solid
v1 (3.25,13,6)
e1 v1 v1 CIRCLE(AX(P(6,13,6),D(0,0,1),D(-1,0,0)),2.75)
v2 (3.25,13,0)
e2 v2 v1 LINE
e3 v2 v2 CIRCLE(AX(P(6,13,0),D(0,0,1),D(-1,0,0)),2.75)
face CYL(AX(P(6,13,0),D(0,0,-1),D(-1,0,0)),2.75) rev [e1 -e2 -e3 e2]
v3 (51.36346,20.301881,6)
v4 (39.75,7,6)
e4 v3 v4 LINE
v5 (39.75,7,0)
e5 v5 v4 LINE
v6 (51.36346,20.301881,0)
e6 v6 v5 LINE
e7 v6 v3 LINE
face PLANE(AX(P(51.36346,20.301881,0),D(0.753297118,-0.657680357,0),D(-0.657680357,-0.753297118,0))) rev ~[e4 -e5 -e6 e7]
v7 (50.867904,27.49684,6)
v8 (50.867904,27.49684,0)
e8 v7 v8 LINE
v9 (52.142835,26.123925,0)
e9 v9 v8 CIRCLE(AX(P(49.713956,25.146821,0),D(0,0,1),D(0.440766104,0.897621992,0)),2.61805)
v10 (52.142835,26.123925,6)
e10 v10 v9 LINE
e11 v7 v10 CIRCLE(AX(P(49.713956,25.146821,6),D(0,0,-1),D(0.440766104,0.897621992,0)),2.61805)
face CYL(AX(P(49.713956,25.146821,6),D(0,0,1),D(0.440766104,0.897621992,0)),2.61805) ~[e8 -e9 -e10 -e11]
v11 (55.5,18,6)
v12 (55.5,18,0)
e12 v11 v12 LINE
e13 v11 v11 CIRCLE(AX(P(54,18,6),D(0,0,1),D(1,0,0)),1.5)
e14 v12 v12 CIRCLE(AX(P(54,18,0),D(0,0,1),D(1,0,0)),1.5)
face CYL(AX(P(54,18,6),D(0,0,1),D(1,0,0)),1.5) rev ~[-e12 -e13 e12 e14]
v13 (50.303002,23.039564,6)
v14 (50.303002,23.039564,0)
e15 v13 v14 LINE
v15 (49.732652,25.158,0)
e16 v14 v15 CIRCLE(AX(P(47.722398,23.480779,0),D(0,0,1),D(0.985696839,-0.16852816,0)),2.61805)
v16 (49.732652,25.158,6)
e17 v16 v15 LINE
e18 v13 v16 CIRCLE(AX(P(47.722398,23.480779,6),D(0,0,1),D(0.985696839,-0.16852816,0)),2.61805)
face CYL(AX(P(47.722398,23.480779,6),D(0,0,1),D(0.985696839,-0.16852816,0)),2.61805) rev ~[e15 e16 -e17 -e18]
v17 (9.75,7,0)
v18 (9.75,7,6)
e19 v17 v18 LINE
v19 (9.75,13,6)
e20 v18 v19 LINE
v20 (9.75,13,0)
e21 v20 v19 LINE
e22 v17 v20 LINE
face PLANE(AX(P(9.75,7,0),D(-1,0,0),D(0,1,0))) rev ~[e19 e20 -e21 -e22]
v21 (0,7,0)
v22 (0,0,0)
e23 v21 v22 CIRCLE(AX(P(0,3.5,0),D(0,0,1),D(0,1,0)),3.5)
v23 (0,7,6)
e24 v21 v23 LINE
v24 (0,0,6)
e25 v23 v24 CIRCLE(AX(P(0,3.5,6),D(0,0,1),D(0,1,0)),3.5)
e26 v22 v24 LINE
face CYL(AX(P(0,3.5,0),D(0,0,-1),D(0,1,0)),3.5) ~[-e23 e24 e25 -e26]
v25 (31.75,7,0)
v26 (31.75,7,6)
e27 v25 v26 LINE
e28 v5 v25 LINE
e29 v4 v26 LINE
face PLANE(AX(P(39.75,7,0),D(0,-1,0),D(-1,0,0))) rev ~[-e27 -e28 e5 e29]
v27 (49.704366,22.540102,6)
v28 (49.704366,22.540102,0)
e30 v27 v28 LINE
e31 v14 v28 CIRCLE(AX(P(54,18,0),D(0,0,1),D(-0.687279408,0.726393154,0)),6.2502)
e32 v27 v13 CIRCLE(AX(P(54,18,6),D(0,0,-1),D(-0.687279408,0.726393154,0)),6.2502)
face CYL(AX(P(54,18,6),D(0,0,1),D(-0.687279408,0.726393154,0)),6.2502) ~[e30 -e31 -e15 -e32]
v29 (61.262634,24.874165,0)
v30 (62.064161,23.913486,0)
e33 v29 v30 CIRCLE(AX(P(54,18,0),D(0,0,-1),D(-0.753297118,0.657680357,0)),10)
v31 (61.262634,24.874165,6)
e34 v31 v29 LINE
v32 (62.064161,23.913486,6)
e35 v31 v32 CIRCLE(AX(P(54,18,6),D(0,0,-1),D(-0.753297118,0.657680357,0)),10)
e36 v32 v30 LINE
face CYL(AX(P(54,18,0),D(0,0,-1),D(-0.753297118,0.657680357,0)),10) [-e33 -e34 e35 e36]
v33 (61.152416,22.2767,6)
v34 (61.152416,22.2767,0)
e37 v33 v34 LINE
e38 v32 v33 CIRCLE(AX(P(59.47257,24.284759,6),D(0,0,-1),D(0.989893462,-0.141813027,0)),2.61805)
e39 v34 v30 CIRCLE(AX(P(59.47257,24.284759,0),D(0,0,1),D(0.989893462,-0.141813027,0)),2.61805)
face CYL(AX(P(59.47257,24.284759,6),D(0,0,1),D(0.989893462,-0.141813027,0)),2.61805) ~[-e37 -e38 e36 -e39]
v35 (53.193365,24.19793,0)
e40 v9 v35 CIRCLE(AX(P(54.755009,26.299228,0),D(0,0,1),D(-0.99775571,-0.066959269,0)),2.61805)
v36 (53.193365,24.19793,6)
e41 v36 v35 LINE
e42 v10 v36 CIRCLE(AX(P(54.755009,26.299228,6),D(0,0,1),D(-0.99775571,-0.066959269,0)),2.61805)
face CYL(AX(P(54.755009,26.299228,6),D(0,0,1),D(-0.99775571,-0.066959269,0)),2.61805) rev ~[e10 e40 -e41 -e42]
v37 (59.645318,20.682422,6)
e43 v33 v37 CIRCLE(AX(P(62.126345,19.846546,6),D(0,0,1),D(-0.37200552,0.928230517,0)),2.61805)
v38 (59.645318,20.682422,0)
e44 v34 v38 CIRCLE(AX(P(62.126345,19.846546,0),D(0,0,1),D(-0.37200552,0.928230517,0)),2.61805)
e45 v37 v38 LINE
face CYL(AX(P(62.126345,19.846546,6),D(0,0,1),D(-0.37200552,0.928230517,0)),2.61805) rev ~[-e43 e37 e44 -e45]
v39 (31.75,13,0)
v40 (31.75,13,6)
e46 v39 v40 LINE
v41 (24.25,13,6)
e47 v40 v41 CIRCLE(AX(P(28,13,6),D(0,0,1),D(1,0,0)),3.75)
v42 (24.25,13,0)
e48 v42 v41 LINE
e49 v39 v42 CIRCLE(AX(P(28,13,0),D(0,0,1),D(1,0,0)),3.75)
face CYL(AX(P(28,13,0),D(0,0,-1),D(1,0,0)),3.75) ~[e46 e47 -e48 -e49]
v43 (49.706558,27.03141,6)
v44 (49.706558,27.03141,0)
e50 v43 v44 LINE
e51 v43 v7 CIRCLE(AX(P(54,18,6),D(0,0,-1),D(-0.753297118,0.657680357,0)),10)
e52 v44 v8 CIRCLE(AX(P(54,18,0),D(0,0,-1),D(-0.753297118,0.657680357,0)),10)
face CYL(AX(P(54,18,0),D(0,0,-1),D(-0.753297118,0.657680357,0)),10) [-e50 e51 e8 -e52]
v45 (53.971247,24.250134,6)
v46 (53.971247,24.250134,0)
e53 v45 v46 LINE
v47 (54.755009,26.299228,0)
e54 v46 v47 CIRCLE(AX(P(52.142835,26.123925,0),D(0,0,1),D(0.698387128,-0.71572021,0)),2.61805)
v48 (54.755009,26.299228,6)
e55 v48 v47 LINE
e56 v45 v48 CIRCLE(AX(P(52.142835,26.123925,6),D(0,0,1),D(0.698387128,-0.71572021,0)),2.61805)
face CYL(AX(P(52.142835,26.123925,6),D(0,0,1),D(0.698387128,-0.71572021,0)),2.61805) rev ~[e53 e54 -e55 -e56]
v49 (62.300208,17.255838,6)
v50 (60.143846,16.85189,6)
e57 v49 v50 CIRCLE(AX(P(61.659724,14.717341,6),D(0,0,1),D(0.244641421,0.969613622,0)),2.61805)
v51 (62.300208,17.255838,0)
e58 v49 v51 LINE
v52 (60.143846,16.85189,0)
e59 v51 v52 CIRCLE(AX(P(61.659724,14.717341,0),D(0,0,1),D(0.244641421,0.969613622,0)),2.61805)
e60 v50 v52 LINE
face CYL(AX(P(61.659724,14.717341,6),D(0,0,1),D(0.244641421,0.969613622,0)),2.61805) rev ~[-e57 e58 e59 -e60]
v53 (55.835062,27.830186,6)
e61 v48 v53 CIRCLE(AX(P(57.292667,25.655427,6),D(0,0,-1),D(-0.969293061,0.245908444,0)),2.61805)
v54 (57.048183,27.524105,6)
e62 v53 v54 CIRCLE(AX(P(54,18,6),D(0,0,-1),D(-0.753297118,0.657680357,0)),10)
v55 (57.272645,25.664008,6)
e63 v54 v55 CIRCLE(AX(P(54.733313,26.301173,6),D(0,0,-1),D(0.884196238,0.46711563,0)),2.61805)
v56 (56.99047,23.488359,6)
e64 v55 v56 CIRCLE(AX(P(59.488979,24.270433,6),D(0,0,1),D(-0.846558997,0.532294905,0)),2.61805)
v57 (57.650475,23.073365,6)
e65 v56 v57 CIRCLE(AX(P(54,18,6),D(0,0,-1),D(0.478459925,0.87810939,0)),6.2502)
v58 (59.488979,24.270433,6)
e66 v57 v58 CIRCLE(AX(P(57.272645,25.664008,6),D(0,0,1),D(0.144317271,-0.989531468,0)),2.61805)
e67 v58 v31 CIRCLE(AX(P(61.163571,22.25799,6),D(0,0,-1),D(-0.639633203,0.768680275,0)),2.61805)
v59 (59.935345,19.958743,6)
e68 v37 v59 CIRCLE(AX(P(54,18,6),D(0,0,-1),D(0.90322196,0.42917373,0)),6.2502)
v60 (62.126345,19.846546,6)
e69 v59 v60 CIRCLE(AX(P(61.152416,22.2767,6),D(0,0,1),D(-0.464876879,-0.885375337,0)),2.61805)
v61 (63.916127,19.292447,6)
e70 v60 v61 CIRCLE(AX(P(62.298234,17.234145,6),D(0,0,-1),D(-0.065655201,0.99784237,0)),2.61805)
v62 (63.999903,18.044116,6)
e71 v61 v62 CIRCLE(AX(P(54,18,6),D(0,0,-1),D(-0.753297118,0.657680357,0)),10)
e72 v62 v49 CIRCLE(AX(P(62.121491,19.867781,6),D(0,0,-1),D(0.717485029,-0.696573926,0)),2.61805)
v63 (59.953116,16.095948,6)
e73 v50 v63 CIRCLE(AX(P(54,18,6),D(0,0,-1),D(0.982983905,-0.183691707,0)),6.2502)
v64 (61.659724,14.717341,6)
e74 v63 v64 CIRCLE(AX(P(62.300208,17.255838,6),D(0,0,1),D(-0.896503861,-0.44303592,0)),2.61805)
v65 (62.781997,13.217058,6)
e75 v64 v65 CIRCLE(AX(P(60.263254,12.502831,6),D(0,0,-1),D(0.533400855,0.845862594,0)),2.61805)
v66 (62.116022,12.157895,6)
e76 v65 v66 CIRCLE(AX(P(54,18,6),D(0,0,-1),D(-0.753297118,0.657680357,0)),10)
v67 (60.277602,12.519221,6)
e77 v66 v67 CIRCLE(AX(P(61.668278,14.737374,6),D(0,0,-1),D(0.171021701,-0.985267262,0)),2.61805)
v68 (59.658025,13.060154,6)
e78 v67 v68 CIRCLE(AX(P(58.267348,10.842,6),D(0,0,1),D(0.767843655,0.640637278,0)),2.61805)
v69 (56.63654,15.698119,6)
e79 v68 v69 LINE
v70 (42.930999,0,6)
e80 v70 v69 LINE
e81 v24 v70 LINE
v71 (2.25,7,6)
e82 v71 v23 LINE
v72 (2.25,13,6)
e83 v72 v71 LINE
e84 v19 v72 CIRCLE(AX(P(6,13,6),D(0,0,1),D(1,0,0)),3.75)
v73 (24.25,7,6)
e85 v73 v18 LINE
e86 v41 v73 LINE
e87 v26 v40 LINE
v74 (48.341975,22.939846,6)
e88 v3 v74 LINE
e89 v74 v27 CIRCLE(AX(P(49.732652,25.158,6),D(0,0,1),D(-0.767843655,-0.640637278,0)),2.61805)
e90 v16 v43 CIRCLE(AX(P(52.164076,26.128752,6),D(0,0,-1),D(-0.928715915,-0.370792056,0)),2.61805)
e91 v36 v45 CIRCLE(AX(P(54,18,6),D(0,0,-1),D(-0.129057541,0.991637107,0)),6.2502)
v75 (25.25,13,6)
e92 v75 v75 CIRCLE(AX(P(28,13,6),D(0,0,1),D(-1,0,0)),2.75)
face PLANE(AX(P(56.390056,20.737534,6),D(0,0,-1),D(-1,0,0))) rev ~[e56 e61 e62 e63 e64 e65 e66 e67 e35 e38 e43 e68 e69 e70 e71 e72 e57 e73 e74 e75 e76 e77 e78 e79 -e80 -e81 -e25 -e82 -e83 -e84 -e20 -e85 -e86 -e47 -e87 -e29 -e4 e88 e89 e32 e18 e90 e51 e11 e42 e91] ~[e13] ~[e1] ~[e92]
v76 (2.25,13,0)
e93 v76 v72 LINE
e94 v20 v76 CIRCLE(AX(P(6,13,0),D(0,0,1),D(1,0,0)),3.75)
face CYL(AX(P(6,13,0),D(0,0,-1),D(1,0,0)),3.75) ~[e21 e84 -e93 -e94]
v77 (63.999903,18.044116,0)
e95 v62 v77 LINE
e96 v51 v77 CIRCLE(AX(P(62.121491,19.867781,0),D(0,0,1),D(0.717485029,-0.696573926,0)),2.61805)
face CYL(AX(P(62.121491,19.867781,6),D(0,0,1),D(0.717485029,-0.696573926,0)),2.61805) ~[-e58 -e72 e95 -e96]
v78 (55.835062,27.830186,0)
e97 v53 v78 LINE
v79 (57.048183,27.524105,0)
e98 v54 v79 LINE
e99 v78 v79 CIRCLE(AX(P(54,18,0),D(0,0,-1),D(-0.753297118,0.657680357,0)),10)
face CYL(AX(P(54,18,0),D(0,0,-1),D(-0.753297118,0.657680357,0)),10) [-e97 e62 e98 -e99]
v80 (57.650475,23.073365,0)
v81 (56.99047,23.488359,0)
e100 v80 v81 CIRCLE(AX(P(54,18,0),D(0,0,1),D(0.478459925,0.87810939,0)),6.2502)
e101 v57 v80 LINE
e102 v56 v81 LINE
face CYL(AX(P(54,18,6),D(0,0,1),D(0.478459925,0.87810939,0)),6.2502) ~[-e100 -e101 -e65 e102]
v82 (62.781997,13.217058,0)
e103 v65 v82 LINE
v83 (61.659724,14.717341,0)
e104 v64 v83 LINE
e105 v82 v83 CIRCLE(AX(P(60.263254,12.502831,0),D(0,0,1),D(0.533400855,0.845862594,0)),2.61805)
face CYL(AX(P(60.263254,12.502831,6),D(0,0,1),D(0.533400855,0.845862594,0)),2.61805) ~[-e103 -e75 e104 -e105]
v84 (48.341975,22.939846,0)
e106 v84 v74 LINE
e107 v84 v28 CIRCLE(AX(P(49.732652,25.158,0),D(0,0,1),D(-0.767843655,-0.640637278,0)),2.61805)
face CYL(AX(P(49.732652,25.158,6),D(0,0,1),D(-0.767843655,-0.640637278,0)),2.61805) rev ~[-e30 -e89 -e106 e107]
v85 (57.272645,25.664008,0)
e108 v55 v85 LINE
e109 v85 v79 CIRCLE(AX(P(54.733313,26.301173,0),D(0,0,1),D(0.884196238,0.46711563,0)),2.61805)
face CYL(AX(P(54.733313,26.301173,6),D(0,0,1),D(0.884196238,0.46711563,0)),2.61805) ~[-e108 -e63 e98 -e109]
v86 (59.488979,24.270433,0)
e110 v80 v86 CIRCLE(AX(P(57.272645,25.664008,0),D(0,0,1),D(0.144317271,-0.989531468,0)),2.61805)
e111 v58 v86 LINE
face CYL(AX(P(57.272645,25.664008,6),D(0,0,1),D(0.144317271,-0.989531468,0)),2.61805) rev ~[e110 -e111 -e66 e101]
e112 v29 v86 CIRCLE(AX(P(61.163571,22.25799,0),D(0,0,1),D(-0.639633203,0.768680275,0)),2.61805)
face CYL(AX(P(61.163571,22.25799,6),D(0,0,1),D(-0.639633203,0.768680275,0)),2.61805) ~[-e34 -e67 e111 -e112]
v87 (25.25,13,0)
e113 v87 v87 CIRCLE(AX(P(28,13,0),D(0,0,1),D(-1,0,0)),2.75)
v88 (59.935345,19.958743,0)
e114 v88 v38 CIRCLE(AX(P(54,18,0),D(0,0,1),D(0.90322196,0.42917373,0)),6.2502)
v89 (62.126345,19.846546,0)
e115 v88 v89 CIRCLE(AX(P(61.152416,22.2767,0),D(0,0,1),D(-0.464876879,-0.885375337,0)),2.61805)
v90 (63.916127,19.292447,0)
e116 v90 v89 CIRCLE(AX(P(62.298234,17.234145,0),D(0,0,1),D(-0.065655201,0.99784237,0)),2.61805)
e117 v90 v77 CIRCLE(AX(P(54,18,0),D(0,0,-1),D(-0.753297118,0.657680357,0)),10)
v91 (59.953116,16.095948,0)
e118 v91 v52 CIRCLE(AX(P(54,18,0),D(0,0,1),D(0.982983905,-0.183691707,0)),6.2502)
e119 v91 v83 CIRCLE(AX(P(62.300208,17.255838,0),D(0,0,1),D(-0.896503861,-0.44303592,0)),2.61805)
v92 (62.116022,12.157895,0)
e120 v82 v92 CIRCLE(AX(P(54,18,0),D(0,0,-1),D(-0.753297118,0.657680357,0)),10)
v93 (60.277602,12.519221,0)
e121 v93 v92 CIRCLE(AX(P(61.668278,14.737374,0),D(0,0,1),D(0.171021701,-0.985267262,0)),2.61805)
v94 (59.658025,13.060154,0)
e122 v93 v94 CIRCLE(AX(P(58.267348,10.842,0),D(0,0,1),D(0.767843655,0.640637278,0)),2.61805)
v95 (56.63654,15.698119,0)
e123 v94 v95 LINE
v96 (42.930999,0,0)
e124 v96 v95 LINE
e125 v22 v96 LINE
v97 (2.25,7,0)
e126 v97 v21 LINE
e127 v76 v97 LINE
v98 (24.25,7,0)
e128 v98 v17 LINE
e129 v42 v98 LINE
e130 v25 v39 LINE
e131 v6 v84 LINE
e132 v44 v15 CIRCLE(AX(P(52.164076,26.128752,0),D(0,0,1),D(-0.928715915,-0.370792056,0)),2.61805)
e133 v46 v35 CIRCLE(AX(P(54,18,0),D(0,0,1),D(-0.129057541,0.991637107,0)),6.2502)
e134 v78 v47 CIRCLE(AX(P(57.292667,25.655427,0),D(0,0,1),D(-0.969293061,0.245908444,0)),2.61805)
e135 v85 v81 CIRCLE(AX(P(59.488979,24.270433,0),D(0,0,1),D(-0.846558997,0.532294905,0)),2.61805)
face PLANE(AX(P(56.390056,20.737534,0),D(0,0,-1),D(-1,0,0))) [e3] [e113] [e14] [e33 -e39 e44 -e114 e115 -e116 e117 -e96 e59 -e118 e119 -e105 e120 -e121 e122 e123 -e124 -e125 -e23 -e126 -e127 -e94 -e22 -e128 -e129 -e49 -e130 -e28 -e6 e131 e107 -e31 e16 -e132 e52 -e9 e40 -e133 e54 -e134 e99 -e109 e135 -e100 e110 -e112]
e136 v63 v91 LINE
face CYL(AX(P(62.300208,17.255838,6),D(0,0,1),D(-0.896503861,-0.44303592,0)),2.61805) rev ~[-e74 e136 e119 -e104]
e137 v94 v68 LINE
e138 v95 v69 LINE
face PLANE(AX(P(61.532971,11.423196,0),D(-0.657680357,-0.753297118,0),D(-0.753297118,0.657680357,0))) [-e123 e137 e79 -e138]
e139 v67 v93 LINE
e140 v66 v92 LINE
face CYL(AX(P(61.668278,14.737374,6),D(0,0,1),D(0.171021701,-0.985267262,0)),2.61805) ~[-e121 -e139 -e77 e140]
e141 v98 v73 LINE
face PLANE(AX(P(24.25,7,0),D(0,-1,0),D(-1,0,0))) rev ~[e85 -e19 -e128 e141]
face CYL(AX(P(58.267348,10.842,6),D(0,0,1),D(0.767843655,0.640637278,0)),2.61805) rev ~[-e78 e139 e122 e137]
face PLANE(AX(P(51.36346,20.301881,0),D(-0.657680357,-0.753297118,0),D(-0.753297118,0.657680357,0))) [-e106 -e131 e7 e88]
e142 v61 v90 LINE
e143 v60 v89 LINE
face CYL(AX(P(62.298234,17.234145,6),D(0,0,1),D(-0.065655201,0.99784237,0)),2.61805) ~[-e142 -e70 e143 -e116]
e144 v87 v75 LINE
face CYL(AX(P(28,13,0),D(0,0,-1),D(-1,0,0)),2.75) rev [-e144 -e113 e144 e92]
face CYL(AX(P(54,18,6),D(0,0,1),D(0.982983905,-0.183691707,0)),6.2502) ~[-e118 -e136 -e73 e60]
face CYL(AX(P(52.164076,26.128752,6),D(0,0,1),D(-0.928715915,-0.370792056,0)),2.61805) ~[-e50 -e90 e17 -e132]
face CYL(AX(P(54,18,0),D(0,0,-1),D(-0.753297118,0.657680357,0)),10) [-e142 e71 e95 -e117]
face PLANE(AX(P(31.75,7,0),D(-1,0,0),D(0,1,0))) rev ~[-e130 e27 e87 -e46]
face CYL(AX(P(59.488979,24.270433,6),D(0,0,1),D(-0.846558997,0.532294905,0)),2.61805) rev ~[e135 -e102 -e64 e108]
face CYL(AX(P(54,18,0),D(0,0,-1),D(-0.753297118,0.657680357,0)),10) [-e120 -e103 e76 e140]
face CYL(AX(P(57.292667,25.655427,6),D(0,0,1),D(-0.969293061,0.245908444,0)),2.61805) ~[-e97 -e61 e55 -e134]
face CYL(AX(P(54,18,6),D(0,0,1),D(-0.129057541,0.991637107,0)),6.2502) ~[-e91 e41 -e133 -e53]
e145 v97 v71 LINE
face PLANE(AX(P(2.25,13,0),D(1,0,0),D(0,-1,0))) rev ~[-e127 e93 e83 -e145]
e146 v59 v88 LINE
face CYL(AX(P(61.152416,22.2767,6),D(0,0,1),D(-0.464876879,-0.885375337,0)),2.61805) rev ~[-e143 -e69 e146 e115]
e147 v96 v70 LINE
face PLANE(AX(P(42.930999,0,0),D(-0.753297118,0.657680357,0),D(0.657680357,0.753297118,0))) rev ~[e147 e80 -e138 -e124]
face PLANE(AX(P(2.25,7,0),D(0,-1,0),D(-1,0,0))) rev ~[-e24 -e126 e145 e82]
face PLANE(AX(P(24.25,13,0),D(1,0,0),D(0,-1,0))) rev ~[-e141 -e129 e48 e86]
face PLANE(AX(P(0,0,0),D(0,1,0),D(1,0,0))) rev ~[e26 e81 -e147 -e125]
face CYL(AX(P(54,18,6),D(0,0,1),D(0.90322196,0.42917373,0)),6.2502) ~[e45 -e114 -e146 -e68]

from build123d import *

# Parameters (mm, degrees)
CROQUIS2_R              = 2.75
SALIENTE_EXTRUIR1_DEPTH = 6
SALIENTE_EXTRUIR2_START = -6
SALIENTE_EXTRUIR2_DEPTH = 6
CORTAR_EXTRUIR1_DEPTH   = 71.114192572
CROQUIS5_R              = 1.5
CORTAR_EXTRUIR2_DEPTH   = 71.046461519


with BuildPart() as part:
    # Croquis2 → Saliente-Extruir1 (new body)
    with BuildSketch(Plane.XY):
        with BuildLine():
            Line((0, 0), (42.930999161, 0))
            Line((42.930999161, 0), (56.636539912, 15.69811875))
            ThreePointArc((56.636539912, 15.69811875), (56.30188125, 20.636539912), (51.363460088, 20.30188125))
            Line((51.363460088, 20.30188125), (39.75, 7))
            Line((39.75, 7), (31.75, 7))
            Line((31.75, 7), (31.75, 13))
            ThreePointArc((31.75, 13), (28, 16.75), (24.25, 13))
            Line((24.25, 13), (24.25, 7))
            Line((24.25, 7), (9.75, 7))
            Line((9.75, 7), (9.75, 13))
            ThreePointArc((9.75, 13), (6, 16.75), (2.25, 13))
            Line((2.25, 13), (2.25, 7))
            Line((2.25, 7), (0, 7))
            ThreePointArc((0, 7), (-3.5, 3.5), (0, 0))
        make_face()
        with Locations(Location((6, 13, 0), (0, 0, 180))):
            Circle(CROQUIS2_R, mode=Mode.SUBTRACT)
        with Locations(Location((28, 13, 0), (0, 0, 180))):
            Circle(CROQUIS2_R, mode=Mode.SUBTRACT)
    extrude(amount=SALIENTE_EXTRUIR1_DEPTH)

    # Croquis3 → Saliente-Extruir2 (add)
    with BuildSketch(Plane.XY.offset(6).offset(SALIENTE_EXTRUIR2_START)):
        with BuildLine():
            Line((51.363460088, 20.30188125), (46.467028822, 24.576803572))
            ThreePointArc((46.467028822, 24.576803572), (60.576803572, 25.532971178), (61.532971178, 11.423196428))
            Line((61.532971178, 11.423196428), (56.636539912, 15.69811875))
            ThreePointArc((56.636539912, 15.69811875), (56.30188125, 20.636539912), (51.363460088, 20.30188125))
        make_face()
    extrude(amount=SALIENTE_EXTRUIR2_DEPTH)

    # Croquis4 → Cortar-Extruir1 (cut, through all)
    with BuildSketch(Plane.XY.offset(6)):
        with BuildLine():
            ThreePointArc((49.70655821, 27.031409502), (47.593627222, 25.678436548), (45.883978244, 23.842105002))
            ThreePointArc((45.883978244, 23.842105002), (46.836617605, 23.831529671), (47.722398468, 23.480779257))
            ThreePointArc((47.722398468, 23.480779257), (48.610097364, 22.792823599), (49.70436623, 22.540102483))
            ThreePointArc((49.70436623, 22.540102483), (49.995888886, 22.799176411), (50.303002079, 23.03956411))
            ThreePointArc((50.303002079, 23.03956411), (50.250428059, 24.161405581), (49.732651549, 25.157999682))
            ThreePointArc((49.732651549, 25.157999682), (49.54628016, 26.09229048), (49.70655821, 27.031409502))
        make_face()
        with BuildLine():
            ThreePointArc((55.83506194, 27.830185536), (53.330407314, 27.977557098), (50.867903635, 27.496840125))
            ThreePointArc((50.867903635, 27.496840125), (51.632389044, 26.928337135), (52.142834895, 26.123925161))
            ThreePointArc((52.142834895, 26.123925161), (52.456628197, 25.045581024), (53.193364562, 24.197930244))
            ThreePointArc((53.193364562, 24.197930244), (53.581491179, 24.236172737), (53.971247316, 24.250133864))
            ThreePointArc((53.971247316, 24.250133864), (54.588115912, 25.188624914), (54.755009231, 26.299227874))
            ThreePointArc((54.755009231, 26.299227874), (55.153393963, 27.164631362), (55.83506194, 27.830185536))
        make_face()
        with BuildLine():
            ThreePointArc((61.262634381, 24.874164811), (59.322949053, 26.46558996), (57.048183382, 27.524105106))
            ThreePointArc((57.048183382, 27.524105106), (57.332507396, 26.614823277), (57.272645269, 25.664007776))
            ThreePointArc((57.272645269, 25.664007776), (56.892674603, 24.607165968), (56.990470215, 23.488359312))
            ThreePointArc((56.990470215, 23.488359312), (57.326949617, 23.291163037), (57.6504751, 23.073364917))
            ThreePointArc((57.6504751, 23.073364917), (58.701163476, 23.470033862), (59.488979049, 24.270433099))
            ThreePointArc((59.488979049, 24.270433099), (60.319950474, 24.736394558), (61.262634381, 24.874164811))
        make_face()
        with BuildLine():
            ThreePointArc((63.916127336, 19.292446773), (63.282305175, 21.720055193), (62.064160681, 23.913485649))
            ThreePointArc((62.064160681, 23.913485649), (61.75972119, 23.010739734), (61.152416384, 22.276699911))
            ThreePointArc((61.152416384, 22.276699911), (60.223817628, 21.645038081), (59.645317888, 20.682421665))
            ThreePointArc((59.645317888, 20.682421665), (59.80162638, 20.325108897), (59.935345471, 19.958743009))
            ThreePointArc((59.935345471, 19.958743009), (61.018526379, 19.662075794), (62.126345433, 19.846546004))
            ThreePointArc((62.126345433, 19.846546004), (63.072500712, 19.735083994), (63.916127336, 19.292446773))
        make_face()
        with BuildLine():
            ThreePointArc((62.781996685, 13.217057996), (63.696136214, 15.553585782), (63.99990269, 18.044115666))
            ThreePointArc((63.99990269, 18.044115666), (63.222985233, 17.492723921), (62.300207541, 17.255838039))
            ThreePointArc((62.300207541, 17.255838039), (61.177673859, 17.290629538), (60.143846005, 16.851890114))
            ThreePointArc((60.143846005, 16.851890114), (60.060279056, 16.470942186), (59.953115608, 16.095947847))
            ThreePointArc((59.953115608, 16.095947847), (60.655050756, 15.219261265), (61.659724067, 14.717341097))
            ThreePointArc((61.659724067, 14.717341097), (62.359664041, 14.071030318), (62.781996685, 13.217057996))
        make_face()
        with BuildLine():
            ThreePointArc((58.29344179, 8.968590498), (60.406372778, 10.321563452), (62.116021756, 12.157894998))
            ThreePointArc((62.116021756, 12.157894998), (61.163382395, 12.168470329), (60.277601532, 12.519220743))
            ThreePointArc((60.277601532, 12.519220743), (59.389902636, 13.207176401), (58.29563377, 13.459897517))
            ThreePointArc((58.29563377, 13.459897517), (58.004111114, 13.200823589), (57.696997921, 12.96043589))
            ThreePointArc((57.696997921, 12.96043589), (57.749571941, 11.838594419), (58.267348451, 10.842000318))
            ThreePointArc((58.267348451, 10.842000318), (58.45371984, 9.90770952), (58.29344179, 8.968590498))
        make_face()
    extrude(amount=-CORTAR_EXTRUIR1_DEPTH, mode=Mode.SUBTRACT)

    # Croquis5 → Cortar-Extruir2 (cut, through all)
    with BuildSketch(Plane.XY.offset(6)):
        with Locations((54, 18)):
            Circle(CROQUIS5_R)
    extrude(amount=-CORTAR_EXTRUIR2_DEPTH, mode=Mode.SUBTRACT)


solid = part.part
